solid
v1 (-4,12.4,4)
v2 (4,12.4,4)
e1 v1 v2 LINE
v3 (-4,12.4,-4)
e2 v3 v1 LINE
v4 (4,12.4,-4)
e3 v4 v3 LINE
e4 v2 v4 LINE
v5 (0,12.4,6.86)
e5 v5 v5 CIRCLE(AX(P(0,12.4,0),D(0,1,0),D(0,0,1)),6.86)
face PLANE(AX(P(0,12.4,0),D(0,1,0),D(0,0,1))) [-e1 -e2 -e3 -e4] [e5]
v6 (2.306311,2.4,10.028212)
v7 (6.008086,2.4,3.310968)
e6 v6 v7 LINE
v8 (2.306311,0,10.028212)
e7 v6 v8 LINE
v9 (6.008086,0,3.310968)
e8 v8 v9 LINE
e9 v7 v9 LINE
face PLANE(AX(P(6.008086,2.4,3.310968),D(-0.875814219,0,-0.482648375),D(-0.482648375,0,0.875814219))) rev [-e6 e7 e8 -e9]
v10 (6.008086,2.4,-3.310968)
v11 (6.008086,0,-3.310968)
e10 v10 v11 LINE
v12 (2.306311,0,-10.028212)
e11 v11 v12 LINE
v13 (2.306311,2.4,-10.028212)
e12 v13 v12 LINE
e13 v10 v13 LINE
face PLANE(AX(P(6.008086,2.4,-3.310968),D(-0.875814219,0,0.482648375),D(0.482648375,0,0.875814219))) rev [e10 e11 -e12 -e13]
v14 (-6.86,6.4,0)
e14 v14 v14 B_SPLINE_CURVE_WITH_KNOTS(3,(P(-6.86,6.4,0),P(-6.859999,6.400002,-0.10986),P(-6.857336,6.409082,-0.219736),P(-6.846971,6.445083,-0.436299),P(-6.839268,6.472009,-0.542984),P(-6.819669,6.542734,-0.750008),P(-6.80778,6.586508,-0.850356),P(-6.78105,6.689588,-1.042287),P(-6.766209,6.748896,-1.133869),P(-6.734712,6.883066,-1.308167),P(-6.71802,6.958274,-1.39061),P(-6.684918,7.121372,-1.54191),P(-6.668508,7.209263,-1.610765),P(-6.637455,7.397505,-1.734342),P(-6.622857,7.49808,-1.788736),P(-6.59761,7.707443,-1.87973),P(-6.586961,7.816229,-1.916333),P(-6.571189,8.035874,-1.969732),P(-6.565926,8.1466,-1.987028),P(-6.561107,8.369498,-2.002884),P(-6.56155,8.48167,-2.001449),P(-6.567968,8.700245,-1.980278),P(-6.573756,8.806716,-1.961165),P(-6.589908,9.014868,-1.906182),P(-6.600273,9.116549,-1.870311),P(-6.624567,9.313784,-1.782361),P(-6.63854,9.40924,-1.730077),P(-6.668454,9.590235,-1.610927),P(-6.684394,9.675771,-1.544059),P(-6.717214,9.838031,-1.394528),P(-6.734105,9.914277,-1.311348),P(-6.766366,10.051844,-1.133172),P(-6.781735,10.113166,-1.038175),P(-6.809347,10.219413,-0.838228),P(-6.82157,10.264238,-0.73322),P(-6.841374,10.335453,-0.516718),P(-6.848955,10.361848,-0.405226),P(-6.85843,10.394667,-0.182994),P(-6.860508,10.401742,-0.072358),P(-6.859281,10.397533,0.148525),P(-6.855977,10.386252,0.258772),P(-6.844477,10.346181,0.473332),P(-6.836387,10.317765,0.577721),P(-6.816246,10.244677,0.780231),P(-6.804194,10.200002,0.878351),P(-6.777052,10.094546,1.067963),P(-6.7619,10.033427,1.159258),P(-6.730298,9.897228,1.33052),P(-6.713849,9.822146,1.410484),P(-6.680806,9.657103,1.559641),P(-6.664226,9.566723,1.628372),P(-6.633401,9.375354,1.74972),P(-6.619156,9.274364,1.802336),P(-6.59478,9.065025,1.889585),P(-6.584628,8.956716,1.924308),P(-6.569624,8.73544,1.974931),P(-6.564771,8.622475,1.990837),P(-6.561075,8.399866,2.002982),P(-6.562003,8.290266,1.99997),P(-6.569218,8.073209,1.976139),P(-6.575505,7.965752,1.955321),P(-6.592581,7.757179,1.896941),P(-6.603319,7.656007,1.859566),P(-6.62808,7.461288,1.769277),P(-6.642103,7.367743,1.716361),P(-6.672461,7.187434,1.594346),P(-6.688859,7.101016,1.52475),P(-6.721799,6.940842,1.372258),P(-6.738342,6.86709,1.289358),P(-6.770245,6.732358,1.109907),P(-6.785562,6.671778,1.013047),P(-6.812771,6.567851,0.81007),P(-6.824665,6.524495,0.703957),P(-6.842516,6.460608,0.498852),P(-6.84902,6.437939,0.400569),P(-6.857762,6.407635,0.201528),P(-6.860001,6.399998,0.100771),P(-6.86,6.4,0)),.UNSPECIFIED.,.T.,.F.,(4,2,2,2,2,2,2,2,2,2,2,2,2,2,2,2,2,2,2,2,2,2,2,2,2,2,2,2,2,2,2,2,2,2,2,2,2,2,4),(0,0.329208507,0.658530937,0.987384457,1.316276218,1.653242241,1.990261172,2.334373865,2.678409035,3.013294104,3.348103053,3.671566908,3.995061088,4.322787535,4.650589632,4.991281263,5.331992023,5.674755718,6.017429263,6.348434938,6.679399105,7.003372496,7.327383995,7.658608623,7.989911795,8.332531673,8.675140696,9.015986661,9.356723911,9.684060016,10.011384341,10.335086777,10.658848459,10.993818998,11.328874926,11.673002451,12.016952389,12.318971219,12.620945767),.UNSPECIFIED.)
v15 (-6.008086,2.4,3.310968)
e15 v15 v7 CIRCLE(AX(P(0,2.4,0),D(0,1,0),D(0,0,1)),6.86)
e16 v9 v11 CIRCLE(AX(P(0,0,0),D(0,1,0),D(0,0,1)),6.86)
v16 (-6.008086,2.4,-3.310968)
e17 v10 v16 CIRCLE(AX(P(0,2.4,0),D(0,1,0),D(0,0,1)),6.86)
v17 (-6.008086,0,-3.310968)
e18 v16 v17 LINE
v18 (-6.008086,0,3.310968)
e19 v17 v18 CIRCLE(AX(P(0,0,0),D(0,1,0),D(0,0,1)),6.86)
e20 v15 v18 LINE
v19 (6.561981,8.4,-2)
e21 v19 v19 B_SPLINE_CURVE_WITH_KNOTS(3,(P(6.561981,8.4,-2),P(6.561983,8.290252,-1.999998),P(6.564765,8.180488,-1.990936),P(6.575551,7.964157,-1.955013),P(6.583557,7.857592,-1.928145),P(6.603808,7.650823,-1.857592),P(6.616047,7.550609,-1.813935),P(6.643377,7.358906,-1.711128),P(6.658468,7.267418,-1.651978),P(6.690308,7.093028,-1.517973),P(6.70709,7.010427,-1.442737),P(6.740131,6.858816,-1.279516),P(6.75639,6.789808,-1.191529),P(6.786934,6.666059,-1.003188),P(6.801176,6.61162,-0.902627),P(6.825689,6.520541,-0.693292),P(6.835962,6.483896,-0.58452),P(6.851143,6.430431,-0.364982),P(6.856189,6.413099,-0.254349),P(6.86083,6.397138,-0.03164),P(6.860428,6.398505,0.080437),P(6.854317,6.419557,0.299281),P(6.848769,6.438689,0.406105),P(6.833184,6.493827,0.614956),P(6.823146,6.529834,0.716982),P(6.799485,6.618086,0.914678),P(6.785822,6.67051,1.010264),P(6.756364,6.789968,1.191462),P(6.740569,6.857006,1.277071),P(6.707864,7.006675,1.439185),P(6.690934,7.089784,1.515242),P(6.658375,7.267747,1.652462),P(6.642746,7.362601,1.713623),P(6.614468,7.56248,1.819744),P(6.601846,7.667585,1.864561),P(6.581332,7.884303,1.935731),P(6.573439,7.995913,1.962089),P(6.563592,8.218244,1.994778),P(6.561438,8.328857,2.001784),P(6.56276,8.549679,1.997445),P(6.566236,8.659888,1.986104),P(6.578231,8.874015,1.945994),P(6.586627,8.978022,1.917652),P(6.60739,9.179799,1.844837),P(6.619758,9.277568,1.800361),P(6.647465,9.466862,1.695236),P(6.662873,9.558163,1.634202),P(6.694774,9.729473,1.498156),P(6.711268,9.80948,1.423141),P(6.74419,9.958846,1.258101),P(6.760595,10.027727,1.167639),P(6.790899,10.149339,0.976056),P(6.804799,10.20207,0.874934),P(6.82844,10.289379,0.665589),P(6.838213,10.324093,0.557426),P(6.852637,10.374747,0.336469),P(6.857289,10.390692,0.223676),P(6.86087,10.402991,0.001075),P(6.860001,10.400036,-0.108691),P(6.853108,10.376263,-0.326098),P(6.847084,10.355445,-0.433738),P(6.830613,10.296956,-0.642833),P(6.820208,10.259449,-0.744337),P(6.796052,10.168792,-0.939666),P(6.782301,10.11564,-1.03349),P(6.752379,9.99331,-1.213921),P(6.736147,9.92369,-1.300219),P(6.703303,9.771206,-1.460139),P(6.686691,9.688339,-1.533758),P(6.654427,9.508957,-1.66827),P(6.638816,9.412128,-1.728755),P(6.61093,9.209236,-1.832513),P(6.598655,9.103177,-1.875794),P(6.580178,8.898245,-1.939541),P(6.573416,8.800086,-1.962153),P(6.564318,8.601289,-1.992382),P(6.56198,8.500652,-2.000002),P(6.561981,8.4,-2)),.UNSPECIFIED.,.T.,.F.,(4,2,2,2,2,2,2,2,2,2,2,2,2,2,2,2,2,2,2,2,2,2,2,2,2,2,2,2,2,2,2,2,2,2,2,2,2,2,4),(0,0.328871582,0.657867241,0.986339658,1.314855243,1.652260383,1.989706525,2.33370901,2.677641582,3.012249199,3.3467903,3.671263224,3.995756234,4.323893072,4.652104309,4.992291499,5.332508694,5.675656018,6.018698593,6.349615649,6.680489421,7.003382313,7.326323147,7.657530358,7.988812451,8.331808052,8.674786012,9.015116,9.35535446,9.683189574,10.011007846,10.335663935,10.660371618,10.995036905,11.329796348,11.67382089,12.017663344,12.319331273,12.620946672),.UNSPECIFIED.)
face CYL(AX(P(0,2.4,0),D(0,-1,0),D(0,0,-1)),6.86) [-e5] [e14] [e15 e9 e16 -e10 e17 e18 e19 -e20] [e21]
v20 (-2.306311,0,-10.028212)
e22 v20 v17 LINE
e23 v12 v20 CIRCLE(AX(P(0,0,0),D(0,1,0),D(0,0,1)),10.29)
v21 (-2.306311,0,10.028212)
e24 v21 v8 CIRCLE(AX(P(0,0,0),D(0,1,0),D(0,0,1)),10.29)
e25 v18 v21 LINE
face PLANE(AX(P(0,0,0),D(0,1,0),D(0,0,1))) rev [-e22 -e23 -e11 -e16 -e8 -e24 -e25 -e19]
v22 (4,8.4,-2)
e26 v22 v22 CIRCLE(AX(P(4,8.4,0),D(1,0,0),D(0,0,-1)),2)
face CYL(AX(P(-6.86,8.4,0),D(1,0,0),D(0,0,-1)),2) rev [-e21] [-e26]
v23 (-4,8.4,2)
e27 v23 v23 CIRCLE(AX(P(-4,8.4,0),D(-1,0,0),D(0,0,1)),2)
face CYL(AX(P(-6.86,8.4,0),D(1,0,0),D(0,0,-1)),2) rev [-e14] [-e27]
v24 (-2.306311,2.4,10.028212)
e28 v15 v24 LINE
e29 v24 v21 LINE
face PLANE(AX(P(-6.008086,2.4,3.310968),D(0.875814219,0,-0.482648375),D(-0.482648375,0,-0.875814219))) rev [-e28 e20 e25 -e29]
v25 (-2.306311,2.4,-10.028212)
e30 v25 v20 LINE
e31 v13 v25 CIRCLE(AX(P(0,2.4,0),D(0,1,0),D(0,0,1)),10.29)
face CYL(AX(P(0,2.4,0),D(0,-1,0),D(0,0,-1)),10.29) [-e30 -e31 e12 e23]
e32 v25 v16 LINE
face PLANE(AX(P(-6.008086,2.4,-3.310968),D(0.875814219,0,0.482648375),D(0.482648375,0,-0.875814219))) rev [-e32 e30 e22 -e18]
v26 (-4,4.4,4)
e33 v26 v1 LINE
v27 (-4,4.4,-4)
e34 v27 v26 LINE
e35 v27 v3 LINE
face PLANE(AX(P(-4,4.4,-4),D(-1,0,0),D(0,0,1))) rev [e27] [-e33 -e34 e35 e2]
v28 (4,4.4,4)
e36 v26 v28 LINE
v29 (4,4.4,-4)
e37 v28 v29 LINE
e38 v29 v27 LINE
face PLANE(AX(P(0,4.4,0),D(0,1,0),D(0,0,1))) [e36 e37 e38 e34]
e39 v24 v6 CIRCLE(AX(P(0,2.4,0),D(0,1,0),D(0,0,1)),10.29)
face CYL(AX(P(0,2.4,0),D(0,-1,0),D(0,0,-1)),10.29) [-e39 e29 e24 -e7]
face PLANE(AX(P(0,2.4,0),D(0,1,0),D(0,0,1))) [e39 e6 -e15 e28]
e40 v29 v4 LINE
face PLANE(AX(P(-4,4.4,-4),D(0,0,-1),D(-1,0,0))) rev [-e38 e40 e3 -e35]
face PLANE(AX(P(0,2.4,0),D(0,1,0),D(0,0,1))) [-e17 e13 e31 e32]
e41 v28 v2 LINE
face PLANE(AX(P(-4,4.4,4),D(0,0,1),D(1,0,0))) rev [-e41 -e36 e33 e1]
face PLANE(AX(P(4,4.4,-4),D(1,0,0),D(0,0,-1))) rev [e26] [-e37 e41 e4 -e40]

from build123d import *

# Parameters (mm, degrees)
SALIENTE_EXTRUIR1_DEPTH    = 2.4
CROQUIS2_R                 = 6.86
SALIENTE_EXTRUIR2_DEPTH    = 10
CROQUIS3_W                 = 8
CROQUIS3_H                 = 8
CORTAR_EXTRUIR1_DEPTH      = 8
CORTAR_EXTRUIR2_DEPTH      = 20.431513065
CORTAR_EXTRUIR2_DEPTH_BACK = 20.431513065
CROQUIS5_R                 = 2


with BuildPart() as part:
    # Croquis1 → Saliente-Extruir1 (new body)
    with BuildSketch(Plane(origin=(0, 0, 0), x_dir=(1, 0, 0), z_dir=(0, 1, 0))):
        with BuildLine():
            Line((-6.008085542, 3.310967853), (-2.306310946, 10.028211696))
            ThreePointArc((-2.306310946, 10.028211696), (0, 10.29), (2.306310946, 10.028211696))
            Line((2.306310946, 10.028211696), (6.008085542, 3.310967853))
            ThreePointArc((6.008085542, 3.310967853), (6.86, 0), (6.008085542, -3.310967853))
            Line((6.008085542, -3.310967853), (2.306310946, -10.028211696))
            ThreePointArc((2.306310946, -10.028211696), (0, -10.29), (-2.306310946, -10.028211696))
            Line((-2.306310946, -10.028211696), (-6.008085542, -3.310967853))
            ThreePointArc((-6.008085542, -3.310967853), (-6.86, 0), (-6.008085542, 3.310967853))
        make_face()
    extrude(amount=SALIENTE_EXTRUIR1_DEPTH)

    # Croquis2 → Saliente-Extruir2 (add)
    with BuildSketch(Plane(origin=(0, 2.4, 0), x_dir=(1, 0, 0), z_dir=(0, 1, 0))):
        with Locations(Location((0, 0, 0), (0, 0, 28.858514896))):
            Circle(CROQUIS2_R)
    extrude(amount=SALIENTE_EXTRUIR2_DEPTH)

    # Croquis3 → Cortar-Extruir1 (cut)
    with BuildSketch(Plane(origin=(0, 12.4, 0), x_dir=(1, 0, 0), z_dir=(0, 1, 0))):
        Rectangle(CROQUIS3_W, CROQUIS3_H)
    extrude(amount=-CORTAR_EXTRUIR1_DEPTH, mode=Mode.SUBTRACT)

    # Croquis5 → Cortar-Extruir2 (cut, two sides: drawn at the far end of the back side and taken through both)
    with BuildSketch(Plane(origin=(-4, 0, 0), x_dir=(0, 0, -1), z_dir=(1, 0, 0)).offset(-CORTAR_EXTRUIR2_DEPTH_BACK)):
        with Locations(Location((0, 8.4, 0), (0, 0, 270))):
            Circle(CROQUIS5_R)
    extrude(amount=CORTAR_EXTRUIR2_DEPTH + CORTAR_EXTRUIR2_DEPTH_BACK, mode=Mode.SUBTRACT)


solid = part.part
